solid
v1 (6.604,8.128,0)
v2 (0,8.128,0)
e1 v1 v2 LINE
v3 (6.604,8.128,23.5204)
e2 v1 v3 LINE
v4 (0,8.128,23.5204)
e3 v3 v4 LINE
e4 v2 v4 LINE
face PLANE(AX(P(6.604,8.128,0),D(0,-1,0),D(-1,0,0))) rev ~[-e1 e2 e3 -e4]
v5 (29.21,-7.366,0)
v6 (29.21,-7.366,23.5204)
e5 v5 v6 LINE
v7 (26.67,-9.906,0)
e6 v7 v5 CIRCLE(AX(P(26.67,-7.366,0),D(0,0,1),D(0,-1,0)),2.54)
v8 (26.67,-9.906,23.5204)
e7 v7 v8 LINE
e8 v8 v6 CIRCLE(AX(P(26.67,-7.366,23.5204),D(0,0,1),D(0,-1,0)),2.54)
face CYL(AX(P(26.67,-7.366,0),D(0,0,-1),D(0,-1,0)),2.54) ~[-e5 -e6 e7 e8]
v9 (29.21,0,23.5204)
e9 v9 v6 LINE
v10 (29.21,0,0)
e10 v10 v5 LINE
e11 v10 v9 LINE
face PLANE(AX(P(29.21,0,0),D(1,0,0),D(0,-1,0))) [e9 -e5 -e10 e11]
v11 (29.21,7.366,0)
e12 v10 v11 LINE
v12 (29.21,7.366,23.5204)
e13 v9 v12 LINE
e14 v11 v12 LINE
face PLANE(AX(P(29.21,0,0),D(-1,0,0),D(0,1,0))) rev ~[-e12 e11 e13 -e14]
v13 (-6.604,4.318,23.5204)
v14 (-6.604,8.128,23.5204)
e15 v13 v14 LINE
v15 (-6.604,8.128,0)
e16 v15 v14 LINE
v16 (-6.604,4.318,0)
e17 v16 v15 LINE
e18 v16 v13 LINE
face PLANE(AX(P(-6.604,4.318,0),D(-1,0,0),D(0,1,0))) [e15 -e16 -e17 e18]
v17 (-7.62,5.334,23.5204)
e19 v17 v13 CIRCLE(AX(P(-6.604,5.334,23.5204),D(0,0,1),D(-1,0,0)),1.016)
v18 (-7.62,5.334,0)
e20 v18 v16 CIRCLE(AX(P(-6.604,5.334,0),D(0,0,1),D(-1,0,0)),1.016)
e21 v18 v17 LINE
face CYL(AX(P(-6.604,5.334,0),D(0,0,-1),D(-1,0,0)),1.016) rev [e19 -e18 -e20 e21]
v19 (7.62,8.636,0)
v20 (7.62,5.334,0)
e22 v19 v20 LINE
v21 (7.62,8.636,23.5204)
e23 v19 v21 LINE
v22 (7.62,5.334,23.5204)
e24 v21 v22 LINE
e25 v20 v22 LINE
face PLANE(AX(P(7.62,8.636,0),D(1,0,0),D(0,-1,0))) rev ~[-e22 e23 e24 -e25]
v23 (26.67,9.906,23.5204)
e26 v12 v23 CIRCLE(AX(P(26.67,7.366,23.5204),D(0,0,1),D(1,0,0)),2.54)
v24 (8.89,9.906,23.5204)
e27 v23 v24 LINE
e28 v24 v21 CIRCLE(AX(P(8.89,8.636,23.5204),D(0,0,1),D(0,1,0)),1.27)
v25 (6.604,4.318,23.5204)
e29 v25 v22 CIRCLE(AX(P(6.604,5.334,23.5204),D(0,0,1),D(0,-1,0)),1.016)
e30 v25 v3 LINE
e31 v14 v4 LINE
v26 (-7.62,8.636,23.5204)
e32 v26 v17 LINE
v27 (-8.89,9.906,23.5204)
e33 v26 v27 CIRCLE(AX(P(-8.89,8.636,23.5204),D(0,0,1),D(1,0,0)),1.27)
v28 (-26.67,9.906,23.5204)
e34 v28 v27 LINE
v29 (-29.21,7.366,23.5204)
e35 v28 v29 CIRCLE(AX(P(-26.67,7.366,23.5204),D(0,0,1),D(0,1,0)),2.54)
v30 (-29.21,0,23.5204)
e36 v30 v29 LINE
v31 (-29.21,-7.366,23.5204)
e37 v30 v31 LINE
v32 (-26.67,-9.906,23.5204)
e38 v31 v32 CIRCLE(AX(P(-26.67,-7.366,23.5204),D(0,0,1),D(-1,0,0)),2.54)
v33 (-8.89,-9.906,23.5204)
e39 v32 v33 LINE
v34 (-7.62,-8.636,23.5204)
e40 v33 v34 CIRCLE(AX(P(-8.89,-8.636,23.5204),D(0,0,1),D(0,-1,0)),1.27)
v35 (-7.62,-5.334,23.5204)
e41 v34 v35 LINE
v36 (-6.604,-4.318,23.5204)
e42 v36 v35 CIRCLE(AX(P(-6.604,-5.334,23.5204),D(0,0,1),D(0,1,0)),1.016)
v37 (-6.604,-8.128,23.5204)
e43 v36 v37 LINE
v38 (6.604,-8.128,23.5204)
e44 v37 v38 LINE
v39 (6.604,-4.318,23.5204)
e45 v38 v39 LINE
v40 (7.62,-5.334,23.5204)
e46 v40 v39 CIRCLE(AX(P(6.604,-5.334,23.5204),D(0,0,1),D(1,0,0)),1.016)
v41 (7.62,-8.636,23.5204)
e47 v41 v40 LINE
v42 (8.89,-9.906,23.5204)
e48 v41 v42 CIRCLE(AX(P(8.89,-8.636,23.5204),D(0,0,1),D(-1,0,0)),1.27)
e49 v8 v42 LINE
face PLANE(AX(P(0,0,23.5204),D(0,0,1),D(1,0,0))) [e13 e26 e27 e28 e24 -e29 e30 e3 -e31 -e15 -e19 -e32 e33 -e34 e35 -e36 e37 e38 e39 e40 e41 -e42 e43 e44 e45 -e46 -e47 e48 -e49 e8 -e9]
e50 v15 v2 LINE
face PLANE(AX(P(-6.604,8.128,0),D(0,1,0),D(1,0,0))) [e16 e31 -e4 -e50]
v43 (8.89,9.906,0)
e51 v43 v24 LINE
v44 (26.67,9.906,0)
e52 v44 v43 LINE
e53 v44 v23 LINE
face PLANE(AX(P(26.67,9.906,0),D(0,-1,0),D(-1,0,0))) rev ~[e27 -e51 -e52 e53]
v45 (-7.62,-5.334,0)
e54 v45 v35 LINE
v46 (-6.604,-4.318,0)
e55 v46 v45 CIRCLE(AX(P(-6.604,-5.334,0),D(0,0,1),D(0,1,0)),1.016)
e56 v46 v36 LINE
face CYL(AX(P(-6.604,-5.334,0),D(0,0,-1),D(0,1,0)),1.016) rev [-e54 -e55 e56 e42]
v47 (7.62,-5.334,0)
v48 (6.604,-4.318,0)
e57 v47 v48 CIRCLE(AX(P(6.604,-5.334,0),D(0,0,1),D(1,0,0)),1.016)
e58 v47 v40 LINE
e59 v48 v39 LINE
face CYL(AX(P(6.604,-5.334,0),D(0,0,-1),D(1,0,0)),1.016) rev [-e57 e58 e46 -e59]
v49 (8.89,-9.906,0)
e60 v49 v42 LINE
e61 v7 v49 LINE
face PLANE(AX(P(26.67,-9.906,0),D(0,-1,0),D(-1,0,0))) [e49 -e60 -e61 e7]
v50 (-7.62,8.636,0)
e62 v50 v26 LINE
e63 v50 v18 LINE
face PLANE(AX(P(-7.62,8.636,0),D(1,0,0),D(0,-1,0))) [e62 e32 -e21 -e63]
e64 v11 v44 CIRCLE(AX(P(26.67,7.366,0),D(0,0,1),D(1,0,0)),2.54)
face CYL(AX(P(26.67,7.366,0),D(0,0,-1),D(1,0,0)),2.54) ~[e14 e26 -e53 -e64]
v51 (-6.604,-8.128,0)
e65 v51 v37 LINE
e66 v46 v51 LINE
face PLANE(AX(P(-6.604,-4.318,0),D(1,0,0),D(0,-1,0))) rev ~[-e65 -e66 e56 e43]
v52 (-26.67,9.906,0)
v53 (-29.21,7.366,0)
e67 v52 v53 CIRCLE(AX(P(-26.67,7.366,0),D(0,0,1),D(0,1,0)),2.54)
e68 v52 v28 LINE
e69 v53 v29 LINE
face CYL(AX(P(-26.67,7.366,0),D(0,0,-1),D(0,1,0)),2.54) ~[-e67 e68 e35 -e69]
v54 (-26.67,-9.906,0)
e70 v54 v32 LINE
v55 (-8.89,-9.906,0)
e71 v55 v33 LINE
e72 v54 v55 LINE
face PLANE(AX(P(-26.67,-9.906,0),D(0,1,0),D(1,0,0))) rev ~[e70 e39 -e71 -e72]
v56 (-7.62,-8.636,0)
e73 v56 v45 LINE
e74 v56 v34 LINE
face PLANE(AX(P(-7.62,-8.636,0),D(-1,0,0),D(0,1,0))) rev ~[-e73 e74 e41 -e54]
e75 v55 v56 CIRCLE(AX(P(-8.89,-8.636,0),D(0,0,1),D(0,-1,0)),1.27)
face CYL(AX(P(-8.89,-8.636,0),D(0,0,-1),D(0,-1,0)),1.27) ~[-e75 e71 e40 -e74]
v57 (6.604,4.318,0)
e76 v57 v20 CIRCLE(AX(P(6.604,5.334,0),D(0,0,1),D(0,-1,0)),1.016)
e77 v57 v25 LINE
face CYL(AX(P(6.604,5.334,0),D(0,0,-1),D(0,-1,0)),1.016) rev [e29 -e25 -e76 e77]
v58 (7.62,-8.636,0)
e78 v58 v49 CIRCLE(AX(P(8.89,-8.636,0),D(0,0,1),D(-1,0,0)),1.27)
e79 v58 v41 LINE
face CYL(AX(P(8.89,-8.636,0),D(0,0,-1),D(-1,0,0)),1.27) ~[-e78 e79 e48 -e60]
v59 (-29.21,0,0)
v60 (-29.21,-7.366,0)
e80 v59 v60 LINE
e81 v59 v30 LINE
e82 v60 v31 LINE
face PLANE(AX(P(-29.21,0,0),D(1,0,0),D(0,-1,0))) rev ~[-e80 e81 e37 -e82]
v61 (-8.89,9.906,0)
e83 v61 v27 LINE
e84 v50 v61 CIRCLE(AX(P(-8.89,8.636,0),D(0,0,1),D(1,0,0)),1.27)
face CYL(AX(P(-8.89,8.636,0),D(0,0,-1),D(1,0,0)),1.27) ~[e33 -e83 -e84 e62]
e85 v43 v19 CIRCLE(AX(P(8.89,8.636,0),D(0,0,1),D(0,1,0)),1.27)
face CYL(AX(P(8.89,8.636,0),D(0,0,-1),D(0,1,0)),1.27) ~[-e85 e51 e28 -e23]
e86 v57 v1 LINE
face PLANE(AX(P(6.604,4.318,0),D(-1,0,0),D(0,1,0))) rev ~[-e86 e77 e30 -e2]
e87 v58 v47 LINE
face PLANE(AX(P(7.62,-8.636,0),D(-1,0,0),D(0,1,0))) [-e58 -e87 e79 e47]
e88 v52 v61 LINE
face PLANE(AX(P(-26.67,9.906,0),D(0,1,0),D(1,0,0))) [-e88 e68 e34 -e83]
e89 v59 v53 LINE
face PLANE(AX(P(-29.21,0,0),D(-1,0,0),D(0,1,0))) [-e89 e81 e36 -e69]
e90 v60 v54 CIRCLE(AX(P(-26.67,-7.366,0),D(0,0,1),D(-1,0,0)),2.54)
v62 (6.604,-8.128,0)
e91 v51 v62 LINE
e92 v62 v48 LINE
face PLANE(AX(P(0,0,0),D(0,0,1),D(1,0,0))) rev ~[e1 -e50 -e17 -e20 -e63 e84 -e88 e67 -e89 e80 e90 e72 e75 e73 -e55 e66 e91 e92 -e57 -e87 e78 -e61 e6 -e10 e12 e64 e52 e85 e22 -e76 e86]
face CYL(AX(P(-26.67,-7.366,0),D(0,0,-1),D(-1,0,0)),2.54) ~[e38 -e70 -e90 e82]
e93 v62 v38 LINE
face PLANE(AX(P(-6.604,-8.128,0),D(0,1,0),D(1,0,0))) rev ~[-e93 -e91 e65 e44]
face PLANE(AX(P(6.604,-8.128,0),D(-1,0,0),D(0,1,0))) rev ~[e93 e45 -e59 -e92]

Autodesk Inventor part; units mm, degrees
ref_plane "YZ Plane" through (0, 0, 0) normal (1, 0, 0) x (0, 1, 0)
ref_plane "XZ Plane" through (0, 0, 0) normal (0, 1, 0) x (-1, 0, 0)
ref_plane "XY Plane" through (0, 0, 0) normal (0, 0, 1) x (1, 0, 0)
sketch "Sketch1" plane through (0, 0, 0) normal (0, 0, 1) x (1, 0, 0)
  line L0 (-29.21, 0) -> (-29.21, 7.366)
  line L1 (-26.67, 9.906) -> (-8.89, 9.906)
  line L2 (-7.62, 8.636) -> (-7.62, 5.334)
  line L3 (-6.604, 4.318) -> (-6.604, 4.318)
  line L4 (-6.604, 4.318) -> (-6.604, 8.128)
  line L5 (-6.604, 8.128) -> (0, 8.128)
  arc A0 (-26.67, 9.906) -> (-29.21, 7.366) centre (-26.67, 7.366) ccw
  arc A1 (-7.62, 8.636) -> (-8.89, 9.906) centre (-8.89, 8.636) ccw
  arc A2 (-7.62, 5.334) -> (-6.604, 4.318) centre (-6.604, 5.334) ccw
  line L6 (29.21, 0) -> (29.21, 7.366)
  line L7 (26.67, 9.906) -> (8.89, 9.906)
  line L8 (7.62, 8.636) -> (7.62, 5.334)
  line L9 (6.604, 4.318) -> (6.604, 4.318)
  line L10 (6.604, 4.318) -> (6.604, 8.128)
  line L11 (6.604, 8.128) -> (0, 8.128)
  arc A3 (29.21, 7.366) -> (26.67, 9.906) centre (26.67, 7.366) ccw
  arc A4 (8.89, 9.906) -> (7.62, 8.636) centre (8.89, 8.636) ccw
  arc A5 (6.604, 4.318) -> (7.62, 5.334) centre (6.604, 5.334) ccw
  line L12 (-29.21, 0) -> (-29.21, -7.366)
  line L13 (-26.67, -9.906) -> (-8.89, -9.906)
  line L14 (-7.62, -8.636) -> (-7.62, -5.334)
  arc A6 (-29.21, -7.366) -> (-26.67, -9.906) centre (-26.67, -7.366) ccw
  arc A7 (-8.89, -9.906) -> (-7.62, -8.636) centre (-8.89, -8.636) ccw
  arc A8 (-6.604, -4.318) -> (-7.62, -5.334) centre (-6.604, -5.334) ccw
  arc A9 (7.62, -5.334) -> (6.604, -4.318) centre (6.604, -5.334) ccw
  arc A10 (7.62, -8.636) -> (8.89, -9.906) centre (8.89, -8.636) ccw
  line L15 (26.67, -9.906) -> (8.89, -9.906)
  arc A11 (26.67, -9.906) -> (29.21, -7.366) centre (26.67, -7.366) ccw
  line L16 (29.21, 0) -> (29.21, -7.366)
  line L17 (7.62, -8.636) -> (7.62, -5.334)
  line L18 (-6.604, -4.318) -> (-6.604, -8.128)
  line L19 (-6.604, -8.128) -> (6.604, -8.128)
  line L20 (6.604, -8.128) -> (6.604, -4.318)
  point P0 (0, 0)
  point P1 (-29.21, 9.906)
  point P2 (-7.62, 9.906)
  point P3 (-7.62, 4.318)
  point P4 (29.21, 9.906)
  point P5 (7.62, 9.906)
  point P6 (7.62, 4.318)
  point P7 (-29.21, -9.906)
  point P8 (-7.62, -9.906)
  point P9 (-7.62, -4.318)
  point P10 (7.62, -4.318)
  point P11 (7.62, -9.906)
  point P12 (29.21, -9.906)
  dimension "d1" = 9.906
  dimension "d2" = 21.59
  dimension "d3" = 5.588
  dimension "d4" = 1.016
  dimension "d5" = 8.128
  dimension "d6" = 2.54
  dimension "d7" = 1.27
  dimension "d8" = 1.016
extrude "Extrusion1" add sketch "Sketch1" along normal blind 23.5204
properties part number "Connecter EM" material "ABS Plastic"
